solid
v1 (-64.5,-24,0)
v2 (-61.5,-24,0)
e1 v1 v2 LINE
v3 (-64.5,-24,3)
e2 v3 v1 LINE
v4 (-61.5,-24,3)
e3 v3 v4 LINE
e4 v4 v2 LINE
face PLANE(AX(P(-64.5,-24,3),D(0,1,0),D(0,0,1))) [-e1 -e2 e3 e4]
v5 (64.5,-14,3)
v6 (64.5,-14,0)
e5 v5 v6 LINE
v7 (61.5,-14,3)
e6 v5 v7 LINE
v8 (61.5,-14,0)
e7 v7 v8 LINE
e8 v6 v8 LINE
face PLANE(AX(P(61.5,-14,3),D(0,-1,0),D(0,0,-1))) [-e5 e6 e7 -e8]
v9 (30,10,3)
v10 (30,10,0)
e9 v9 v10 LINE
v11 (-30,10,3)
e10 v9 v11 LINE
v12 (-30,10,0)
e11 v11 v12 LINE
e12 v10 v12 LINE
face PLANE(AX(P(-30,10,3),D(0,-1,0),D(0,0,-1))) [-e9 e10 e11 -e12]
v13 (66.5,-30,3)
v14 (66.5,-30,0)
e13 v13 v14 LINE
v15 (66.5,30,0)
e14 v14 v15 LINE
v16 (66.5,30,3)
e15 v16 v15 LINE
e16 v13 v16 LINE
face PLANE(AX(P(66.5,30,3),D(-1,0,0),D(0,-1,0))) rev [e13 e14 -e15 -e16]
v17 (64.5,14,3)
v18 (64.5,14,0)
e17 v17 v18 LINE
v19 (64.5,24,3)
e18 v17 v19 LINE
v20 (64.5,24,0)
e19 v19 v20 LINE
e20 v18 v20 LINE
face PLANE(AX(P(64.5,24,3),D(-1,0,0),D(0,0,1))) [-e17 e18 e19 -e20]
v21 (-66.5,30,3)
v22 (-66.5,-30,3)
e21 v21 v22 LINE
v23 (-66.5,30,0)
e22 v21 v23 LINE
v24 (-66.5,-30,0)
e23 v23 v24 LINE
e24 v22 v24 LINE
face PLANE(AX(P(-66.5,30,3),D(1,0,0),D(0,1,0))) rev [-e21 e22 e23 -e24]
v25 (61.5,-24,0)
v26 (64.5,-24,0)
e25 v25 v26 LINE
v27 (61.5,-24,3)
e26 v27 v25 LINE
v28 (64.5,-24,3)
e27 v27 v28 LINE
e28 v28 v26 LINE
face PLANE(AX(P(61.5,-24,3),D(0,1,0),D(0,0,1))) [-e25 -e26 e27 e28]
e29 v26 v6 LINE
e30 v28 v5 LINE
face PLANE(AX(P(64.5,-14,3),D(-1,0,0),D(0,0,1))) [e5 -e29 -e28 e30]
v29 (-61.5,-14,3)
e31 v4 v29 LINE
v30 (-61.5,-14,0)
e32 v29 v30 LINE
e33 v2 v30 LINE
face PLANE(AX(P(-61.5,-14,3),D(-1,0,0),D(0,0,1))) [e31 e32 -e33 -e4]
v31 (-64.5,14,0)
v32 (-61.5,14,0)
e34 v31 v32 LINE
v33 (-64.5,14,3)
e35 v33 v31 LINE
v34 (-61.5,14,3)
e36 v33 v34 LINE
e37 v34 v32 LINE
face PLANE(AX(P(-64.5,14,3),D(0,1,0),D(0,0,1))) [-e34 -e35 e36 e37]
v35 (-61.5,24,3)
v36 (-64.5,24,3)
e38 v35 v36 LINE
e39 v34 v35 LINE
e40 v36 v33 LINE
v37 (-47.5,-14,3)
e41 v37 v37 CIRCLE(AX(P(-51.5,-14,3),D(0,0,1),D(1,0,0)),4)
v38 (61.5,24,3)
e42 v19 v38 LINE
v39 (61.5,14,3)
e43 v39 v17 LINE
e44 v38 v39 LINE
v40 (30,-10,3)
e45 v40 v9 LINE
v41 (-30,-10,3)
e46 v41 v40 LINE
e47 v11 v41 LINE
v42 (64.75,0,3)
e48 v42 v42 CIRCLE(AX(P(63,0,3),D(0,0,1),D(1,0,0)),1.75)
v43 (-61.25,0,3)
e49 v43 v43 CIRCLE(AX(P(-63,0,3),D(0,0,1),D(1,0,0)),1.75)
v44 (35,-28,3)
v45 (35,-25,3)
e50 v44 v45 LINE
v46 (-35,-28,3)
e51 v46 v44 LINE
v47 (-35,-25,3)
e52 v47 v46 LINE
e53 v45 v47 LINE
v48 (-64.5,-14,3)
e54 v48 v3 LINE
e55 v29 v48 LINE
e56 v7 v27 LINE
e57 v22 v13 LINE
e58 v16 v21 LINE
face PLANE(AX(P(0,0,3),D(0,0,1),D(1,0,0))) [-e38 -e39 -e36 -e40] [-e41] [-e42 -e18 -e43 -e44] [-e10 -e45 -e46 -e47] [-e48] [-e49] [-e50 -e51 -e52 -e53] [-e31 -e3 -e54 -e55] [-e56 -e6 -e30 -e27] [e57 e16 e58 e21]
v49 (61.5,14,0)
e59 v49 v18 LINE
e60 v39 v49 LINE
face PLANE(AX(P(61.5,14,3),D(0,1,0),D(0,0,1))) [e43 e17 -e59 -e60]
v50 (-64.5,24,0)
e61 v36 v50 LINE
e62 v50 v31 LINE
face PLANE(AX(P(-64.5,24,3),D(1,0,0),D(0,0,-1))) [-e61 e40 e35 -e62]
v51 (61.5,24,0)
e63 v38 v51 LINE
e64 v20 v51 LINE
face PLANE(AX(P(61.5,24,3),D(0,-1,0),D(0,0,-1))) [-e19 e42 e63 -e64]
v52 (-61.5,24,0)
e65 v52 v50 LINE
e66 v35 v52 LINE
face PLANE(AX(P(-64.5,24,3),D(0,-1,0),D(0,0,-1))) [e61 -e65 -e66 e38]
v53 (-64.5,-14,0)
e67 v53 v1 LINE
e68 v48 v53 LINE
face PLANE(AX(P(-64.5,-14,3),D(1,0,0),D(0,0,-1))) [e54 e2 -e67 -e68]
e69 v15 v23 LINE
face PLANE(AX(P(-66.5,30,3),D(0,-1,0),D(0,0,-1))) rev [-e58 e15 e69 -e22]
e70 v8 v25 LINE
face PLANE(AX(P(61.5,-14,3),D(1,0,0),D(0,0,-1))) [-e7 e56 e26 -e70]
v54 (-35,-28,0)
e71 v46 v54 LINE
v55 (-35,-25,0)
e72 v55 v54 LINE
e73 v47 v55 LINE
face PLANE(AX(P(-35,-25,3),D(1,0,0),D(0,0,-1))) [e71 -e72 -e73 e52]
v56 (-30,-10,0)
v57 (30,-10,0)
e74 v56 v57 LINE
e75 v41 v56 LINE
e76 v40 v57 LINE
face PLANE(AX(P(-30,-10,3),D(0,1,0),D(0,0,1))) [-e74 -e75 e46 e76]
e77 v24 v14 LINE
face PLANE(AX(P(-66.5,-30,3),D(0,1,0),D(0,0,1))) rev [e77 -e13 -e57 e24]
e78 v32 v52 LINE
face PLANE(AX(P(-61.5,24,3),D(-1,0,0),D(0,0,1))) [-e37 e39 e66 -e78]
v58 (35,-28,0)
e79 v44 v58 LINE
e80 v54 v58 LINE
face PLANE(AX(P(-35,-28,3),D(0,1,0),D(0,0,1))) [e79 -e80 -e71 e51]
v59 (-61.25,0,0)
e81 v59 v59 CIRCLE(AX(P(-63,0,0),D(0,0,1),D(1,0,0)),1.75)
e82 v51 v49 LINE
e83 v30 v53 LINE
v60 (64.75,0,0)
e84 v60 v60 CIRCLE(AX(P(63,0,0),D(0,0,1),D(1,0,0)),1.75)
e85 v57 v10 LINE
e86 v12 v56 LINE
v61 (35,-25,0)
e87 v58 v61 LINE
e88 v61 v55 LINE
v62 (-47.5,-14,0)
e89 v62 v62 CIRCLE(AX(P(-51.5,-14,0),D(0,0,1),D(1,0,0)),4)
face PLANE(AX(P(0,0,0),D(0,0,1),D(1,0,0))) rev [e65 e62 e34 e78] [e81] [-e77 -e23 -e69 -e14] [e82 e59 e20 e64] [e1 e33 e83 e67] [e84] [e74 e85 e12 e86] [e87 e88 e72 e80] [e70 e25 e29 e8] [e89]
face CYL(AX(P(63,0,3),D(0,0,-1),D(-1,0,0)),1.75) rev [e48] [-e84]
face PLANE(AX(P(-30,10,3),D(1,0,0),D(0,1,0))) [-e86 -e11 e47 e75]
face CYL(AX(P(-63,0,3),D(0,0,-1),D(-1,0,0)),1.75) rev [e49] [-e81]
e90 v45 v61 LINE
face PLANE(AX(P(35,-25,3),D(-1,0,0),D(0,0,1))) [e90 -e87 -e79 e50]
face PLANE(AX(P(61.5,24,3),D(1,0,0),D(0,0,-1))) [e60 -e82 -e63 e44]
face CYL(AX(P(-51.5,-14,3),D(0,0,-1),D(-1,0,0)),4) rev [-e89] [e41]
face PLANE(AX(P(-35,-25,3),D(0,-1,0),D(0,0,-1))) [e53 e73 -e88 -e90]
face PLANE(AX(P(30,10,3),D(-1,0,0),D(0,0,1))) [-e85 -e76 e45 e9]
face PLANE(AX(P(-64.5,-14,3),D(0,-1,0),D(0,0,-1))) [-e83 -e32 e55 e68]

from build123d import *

# Parameters (mm, degrees)
SKETCH1_W           = 133
SKETCH1_H           = 60
SKETCH1_R           = 4
SKETCH1_R_2         = 1.75
SKETCH1_W_2         = 3
SKETCH1_H_2         = 10
SKETCH1_W_3         = 60
SKETCH1_H_3         = 20
SKETCH1_W_4         = 70
SKETCH1_H_4         = 3
BOSS_EXTRUDE2_DEPTH = 3


with BuildPart() as part:
    # Sketch1 → Boss-Extrude2 (new body)
    with BuildSketch(Plane.XY):
        Rectangle(SKETCH1_W, SKETCH1_H)
        with Locations((-51.5, -14)):
            Circle(SKETCH1_R, mode=Mode.SUBTRACT)
        with Locations((-63, 0)):
            Circle(SKETCH1_R_2, mode=Mode.SUBTRACT)
        with Locations((63, 0)):
            Circle(SKETCH1_R_2, mode=Mode.SUBTRACT)
        with Locations((63, 19)):
            Rectangle(SKETCH1_W_2, SKETCH1_H_2, mode=Mode.SUBTRACT)
        Rectangle(SKETCH1_W_3, SKETCH1_H_3, mode=Mode.SUBTRACT)
        with Locations((0, -26.5)):
            Rectangle(SKETCH1_W_4, SKETCH1_H_4, mode=Mode.SUBTRACT)
        with Locations((-63, 19)):
            Rectangle(SKETCH1_W_2, SKETCH1_H_2, mode=Mode.SUBTRACT)
        with Locations((-63, -19)):
            Rectangle(SKETCH1_W_2, SKETCH1_H_2, mode=Mode.SUBTRACT)
        with Locations((63, -19)):
            Rectangle(SKETCH1_W_2, SKETCH1_H_2, mode=Mode.SUBTRACT)
    extrude(amount=BOSS_EXTRUDE2_DEPTH)


solid = part.part
